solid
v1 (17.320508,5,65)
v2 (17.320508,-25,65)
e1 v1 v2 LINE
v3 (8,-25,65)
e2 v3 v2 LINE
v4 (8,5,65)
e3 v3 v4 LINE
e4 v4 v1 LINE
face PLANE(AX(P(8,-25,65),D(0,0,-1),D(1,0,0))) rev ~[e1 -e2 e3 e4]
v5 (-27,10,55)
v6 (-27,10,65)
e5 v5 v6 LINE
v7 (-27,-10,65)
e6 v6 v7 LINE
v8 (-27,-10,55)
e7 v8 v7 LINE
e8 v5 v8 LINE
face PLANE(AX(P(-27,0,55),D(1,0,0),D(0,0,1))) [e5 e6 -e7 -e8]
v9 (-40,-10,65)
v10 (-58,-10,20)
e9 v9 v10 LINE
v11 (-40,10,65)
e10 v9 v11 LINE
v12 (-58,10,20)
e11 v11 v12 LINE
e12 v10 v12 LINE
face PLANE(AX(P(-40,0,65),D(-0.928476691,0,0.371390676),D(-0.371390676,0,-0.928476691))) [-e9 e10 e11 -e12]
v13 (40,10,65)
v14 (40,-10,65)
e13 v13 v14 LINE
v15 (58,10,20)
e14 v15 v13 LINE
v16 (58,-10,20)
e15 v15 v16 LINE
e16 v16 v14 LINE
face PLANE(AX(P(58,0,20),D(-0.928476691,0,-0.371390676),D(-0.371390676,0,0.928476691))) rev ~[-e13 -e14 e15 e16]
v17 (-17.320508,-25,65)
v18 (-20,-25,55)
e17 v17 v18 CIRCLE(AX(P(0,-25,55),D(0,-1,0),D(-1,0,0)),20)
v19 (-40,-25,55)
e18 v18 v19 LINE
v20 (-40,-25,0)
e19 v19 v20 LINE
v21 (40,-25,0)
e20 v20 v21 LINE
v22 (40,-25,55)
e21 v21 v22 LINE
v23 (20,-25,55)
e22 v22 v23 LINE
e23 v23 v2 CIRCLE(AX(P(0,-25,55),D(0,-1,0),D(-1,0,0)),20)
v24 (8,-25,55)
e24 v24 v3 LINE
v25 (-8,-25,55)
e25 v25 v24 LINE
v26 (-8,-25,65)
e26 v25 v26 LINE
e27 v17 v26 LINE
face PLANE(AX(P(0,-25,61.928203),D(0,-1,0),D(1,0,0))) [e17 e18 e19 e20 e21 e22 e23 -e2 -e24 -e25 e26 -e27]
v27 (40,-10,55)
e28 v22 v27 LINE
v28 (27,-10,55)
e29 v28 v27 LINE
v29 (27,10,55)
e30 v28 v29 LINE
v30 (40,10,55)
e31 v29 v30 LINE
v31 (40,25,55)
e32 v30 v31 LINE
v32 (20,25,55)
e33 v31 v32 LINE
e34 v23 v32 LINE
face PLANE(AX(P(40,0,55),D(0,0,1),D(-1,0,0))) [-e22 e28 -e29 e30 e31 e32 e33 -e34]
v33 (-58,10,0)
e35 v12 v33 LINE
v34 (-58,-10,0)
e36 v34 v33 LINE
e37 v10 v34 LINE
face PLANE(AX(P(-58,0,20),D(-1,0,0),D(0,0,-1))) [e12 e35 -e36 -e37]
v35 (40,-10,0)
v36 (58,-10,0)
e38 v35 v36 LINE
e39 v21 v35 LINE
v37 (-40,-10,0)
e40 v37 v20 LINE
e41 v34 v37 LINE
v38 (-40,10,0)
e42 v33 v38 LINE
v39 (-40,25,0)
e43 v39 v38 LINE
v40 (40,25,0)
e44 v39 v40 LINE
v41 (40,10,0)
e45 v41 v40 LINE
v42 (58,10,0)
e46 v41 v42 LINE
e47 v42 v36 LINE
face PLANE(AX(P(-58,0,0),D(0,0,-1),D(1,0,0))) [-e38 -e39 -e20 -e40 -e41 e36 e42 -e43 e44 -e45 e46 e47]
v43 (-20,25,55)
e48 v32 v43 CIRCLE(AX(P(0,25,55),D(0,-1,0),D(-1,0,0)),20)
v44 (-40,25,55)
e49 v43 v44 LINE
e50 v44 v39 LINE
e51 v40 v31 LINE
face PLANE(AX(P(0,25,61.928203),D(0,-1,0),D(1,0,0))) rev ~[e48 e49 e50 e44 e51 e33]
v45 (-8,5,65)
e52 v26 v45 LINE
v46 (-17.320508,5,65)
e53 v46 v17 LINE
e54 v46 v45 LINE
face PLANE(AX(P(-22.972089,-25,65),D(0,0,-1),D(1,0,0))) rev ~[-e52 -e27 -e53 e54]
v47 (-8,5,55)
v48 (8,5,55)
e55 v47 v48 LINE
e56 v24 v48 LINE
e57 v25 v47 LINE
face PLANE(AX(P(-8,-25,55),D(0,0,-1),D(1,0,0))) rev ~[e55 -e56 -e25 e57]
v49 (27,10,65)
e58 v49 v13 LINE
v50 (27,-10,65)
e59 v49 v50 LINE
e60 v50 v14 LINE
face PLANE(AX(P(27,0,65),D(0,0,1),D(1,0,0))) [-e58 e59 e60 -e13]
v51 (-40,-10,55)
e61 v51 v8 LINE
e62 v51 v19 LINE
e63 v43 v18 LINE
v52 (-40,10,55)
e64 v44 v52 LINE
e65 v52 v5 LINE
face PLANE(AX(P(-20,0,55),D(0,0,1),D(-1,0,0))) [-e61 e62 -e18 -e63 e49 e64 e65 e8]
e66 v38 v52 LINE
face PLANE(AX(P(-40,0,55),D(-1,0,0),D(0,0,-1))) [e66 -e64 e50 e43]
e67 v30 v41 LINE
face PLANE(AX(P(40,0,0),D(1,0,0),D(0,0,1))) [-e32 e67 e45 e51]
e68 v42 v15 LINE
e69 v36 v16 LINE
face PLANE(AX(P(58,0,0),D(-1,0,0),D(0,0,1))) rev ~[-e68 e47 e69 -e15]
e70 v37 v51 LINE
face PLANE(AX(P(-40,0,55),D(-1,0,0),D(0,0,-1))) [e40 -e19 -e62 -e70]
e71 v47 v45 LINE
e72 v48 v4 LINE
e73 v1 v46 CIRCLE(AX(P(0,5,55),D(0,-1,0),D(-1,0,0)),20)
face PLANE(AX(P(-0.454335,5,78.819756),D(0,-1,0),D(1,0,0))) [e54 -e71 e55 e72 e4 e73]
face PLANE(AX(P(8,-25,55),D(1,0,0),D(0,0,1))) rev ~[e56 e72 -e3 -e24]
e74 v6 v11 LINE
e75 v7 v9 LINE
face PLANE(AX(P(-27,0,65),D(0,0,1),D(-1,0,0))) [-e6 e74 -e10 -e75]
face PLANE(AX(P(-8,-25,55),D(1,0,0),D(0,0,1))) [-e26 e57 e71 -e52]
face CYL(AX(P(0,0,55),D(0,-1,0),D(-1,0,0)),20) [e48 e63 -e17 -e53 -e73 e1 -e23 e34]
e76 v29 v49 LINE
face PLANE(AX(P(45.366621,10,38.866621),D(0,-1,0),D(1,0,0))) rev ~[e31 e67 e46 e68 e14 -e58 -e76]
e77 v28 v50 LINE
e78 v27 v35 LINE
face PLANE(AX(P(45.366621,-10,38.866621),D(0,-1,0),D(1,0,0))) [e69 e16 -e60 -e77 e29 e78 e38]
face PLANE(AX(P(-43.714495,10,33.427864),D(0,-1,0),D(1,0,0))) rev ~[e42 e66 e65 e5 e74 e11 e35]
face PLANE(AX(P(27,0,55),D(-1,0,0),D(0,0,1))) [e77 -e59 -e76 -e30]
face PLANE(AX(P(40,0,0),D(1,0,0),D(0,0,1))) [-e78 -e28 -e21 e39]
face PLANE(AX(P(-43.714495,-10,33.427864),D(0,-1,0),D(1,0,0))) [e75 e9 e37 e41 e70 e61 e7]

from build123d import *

# Parameters (mm, degrees)
F1_DEPTH      = 25
F1_DEPTH_BACK = 25
F2_W          = 8
F2_H          = 10
F3_DEPTH      = 30
F0_W          = 13
F0_H          = 10
F0_W_2        = 18
F0_H_2        = 20
F4_DEPTH      = 10
F4_DEPTH_BACK = 10


with BuildPart() as f1:
    # F0 (on Front) → F1 (new body, two sides)
    with BuildSketch(Plane.XZ) as f1_sk:
        with BuildLine():
            ThreePointArc((20, 55), (0, 75), (-20, 55))
            Line((-20, 55), (20, 55))
        make_face()
        with BuildLine():
            Line((20, 55), (-20, 55))
            ThreePointArc((-20, 55), (0, 35), (20, 55))
        make_face()
        with BuildLine():
            Line((-40, 55), (-40, 0))
            Line((-40, 0), (40, 0))
            Line((40, 0), (40, 20))
            Line((40, 20), (40, 55))
            Line((40, 55), (27, 55))
            Line((27, 55), (20, 55))
            ThreePointArc((20, 55), (0, 35), (-20, 55))
            Line((-20, 55), (-27, 55))
            Line((-27, 55), (-40, 55))
        make_face()
    extrude(amount=F1_DEPTH)
    extrude(f1_sk.sketch, amount=-F1_DEPTH_BACK)

    # F2 (on face) → F3 (cut)
    with BuildSketch(Plane.XZ.offset(25)):
        with BuildLine():
            Line((22.0221508968, 90.4806110974), (-22.9720887471, 90.4806110974))
            Line((-22.9720887471, 90.4806110974), (-22.9720887471, 65))
            Line((-22.9720887471, 65), (-17.3205080757, 65))
            ThreePointArc((-17.3205080757, 65), (0, 75), (17.3205080757, 65))
            Line((17.3205080757, 65), (22.0221508968, 65))
            Line((22.0221508968, 65), (22.0221508968, 90.4806110974))
        make_face()
        with BuildLine():
            ThreePointArc((17.3205080757, 65), (0, 75), (-17.3205080757, 65))
            Line((-17.3205080757, 65), (-8, 65))
            Line((-8, 65), (0, 65))
            Line((0, 65), (8, 65))
            Line((8, 65), (17.3205080757, 65))
        make_face()
        with Locations((4, 60)):
            Rectangle(F2_W, F2_H)
        with Locations((-4, 60)):
            Rectangle(F2_W, F2_H)
    extrude(amount=-F3_DEPTH, mode=Mode.SUBTRACT)

    # F0 (on Front) → F4 (join, two sides)
    with BuildSketch(Plane.XZ) as f4_sk:
        Polygon((-58, 0), (-40, 0), (-40, 55), (-27, 55), (-27, 65), (-40, 65), (-58, 20), align=None)
        Polygon((40, 55), (40, 20), (58, 20), (40, 65), align=None)
        with Locations((33.5, 60)):
            Rectangle(F0_W, F0_H)
        with Locations((49, 10)):
            Rectangle(F0_W_2, F0_H_2)
    extrude(amount=F4_DEPTH)
    extrude(f4_sk.sketch, amount=-F4_DEPTH_BACK)


solid = f1.part
